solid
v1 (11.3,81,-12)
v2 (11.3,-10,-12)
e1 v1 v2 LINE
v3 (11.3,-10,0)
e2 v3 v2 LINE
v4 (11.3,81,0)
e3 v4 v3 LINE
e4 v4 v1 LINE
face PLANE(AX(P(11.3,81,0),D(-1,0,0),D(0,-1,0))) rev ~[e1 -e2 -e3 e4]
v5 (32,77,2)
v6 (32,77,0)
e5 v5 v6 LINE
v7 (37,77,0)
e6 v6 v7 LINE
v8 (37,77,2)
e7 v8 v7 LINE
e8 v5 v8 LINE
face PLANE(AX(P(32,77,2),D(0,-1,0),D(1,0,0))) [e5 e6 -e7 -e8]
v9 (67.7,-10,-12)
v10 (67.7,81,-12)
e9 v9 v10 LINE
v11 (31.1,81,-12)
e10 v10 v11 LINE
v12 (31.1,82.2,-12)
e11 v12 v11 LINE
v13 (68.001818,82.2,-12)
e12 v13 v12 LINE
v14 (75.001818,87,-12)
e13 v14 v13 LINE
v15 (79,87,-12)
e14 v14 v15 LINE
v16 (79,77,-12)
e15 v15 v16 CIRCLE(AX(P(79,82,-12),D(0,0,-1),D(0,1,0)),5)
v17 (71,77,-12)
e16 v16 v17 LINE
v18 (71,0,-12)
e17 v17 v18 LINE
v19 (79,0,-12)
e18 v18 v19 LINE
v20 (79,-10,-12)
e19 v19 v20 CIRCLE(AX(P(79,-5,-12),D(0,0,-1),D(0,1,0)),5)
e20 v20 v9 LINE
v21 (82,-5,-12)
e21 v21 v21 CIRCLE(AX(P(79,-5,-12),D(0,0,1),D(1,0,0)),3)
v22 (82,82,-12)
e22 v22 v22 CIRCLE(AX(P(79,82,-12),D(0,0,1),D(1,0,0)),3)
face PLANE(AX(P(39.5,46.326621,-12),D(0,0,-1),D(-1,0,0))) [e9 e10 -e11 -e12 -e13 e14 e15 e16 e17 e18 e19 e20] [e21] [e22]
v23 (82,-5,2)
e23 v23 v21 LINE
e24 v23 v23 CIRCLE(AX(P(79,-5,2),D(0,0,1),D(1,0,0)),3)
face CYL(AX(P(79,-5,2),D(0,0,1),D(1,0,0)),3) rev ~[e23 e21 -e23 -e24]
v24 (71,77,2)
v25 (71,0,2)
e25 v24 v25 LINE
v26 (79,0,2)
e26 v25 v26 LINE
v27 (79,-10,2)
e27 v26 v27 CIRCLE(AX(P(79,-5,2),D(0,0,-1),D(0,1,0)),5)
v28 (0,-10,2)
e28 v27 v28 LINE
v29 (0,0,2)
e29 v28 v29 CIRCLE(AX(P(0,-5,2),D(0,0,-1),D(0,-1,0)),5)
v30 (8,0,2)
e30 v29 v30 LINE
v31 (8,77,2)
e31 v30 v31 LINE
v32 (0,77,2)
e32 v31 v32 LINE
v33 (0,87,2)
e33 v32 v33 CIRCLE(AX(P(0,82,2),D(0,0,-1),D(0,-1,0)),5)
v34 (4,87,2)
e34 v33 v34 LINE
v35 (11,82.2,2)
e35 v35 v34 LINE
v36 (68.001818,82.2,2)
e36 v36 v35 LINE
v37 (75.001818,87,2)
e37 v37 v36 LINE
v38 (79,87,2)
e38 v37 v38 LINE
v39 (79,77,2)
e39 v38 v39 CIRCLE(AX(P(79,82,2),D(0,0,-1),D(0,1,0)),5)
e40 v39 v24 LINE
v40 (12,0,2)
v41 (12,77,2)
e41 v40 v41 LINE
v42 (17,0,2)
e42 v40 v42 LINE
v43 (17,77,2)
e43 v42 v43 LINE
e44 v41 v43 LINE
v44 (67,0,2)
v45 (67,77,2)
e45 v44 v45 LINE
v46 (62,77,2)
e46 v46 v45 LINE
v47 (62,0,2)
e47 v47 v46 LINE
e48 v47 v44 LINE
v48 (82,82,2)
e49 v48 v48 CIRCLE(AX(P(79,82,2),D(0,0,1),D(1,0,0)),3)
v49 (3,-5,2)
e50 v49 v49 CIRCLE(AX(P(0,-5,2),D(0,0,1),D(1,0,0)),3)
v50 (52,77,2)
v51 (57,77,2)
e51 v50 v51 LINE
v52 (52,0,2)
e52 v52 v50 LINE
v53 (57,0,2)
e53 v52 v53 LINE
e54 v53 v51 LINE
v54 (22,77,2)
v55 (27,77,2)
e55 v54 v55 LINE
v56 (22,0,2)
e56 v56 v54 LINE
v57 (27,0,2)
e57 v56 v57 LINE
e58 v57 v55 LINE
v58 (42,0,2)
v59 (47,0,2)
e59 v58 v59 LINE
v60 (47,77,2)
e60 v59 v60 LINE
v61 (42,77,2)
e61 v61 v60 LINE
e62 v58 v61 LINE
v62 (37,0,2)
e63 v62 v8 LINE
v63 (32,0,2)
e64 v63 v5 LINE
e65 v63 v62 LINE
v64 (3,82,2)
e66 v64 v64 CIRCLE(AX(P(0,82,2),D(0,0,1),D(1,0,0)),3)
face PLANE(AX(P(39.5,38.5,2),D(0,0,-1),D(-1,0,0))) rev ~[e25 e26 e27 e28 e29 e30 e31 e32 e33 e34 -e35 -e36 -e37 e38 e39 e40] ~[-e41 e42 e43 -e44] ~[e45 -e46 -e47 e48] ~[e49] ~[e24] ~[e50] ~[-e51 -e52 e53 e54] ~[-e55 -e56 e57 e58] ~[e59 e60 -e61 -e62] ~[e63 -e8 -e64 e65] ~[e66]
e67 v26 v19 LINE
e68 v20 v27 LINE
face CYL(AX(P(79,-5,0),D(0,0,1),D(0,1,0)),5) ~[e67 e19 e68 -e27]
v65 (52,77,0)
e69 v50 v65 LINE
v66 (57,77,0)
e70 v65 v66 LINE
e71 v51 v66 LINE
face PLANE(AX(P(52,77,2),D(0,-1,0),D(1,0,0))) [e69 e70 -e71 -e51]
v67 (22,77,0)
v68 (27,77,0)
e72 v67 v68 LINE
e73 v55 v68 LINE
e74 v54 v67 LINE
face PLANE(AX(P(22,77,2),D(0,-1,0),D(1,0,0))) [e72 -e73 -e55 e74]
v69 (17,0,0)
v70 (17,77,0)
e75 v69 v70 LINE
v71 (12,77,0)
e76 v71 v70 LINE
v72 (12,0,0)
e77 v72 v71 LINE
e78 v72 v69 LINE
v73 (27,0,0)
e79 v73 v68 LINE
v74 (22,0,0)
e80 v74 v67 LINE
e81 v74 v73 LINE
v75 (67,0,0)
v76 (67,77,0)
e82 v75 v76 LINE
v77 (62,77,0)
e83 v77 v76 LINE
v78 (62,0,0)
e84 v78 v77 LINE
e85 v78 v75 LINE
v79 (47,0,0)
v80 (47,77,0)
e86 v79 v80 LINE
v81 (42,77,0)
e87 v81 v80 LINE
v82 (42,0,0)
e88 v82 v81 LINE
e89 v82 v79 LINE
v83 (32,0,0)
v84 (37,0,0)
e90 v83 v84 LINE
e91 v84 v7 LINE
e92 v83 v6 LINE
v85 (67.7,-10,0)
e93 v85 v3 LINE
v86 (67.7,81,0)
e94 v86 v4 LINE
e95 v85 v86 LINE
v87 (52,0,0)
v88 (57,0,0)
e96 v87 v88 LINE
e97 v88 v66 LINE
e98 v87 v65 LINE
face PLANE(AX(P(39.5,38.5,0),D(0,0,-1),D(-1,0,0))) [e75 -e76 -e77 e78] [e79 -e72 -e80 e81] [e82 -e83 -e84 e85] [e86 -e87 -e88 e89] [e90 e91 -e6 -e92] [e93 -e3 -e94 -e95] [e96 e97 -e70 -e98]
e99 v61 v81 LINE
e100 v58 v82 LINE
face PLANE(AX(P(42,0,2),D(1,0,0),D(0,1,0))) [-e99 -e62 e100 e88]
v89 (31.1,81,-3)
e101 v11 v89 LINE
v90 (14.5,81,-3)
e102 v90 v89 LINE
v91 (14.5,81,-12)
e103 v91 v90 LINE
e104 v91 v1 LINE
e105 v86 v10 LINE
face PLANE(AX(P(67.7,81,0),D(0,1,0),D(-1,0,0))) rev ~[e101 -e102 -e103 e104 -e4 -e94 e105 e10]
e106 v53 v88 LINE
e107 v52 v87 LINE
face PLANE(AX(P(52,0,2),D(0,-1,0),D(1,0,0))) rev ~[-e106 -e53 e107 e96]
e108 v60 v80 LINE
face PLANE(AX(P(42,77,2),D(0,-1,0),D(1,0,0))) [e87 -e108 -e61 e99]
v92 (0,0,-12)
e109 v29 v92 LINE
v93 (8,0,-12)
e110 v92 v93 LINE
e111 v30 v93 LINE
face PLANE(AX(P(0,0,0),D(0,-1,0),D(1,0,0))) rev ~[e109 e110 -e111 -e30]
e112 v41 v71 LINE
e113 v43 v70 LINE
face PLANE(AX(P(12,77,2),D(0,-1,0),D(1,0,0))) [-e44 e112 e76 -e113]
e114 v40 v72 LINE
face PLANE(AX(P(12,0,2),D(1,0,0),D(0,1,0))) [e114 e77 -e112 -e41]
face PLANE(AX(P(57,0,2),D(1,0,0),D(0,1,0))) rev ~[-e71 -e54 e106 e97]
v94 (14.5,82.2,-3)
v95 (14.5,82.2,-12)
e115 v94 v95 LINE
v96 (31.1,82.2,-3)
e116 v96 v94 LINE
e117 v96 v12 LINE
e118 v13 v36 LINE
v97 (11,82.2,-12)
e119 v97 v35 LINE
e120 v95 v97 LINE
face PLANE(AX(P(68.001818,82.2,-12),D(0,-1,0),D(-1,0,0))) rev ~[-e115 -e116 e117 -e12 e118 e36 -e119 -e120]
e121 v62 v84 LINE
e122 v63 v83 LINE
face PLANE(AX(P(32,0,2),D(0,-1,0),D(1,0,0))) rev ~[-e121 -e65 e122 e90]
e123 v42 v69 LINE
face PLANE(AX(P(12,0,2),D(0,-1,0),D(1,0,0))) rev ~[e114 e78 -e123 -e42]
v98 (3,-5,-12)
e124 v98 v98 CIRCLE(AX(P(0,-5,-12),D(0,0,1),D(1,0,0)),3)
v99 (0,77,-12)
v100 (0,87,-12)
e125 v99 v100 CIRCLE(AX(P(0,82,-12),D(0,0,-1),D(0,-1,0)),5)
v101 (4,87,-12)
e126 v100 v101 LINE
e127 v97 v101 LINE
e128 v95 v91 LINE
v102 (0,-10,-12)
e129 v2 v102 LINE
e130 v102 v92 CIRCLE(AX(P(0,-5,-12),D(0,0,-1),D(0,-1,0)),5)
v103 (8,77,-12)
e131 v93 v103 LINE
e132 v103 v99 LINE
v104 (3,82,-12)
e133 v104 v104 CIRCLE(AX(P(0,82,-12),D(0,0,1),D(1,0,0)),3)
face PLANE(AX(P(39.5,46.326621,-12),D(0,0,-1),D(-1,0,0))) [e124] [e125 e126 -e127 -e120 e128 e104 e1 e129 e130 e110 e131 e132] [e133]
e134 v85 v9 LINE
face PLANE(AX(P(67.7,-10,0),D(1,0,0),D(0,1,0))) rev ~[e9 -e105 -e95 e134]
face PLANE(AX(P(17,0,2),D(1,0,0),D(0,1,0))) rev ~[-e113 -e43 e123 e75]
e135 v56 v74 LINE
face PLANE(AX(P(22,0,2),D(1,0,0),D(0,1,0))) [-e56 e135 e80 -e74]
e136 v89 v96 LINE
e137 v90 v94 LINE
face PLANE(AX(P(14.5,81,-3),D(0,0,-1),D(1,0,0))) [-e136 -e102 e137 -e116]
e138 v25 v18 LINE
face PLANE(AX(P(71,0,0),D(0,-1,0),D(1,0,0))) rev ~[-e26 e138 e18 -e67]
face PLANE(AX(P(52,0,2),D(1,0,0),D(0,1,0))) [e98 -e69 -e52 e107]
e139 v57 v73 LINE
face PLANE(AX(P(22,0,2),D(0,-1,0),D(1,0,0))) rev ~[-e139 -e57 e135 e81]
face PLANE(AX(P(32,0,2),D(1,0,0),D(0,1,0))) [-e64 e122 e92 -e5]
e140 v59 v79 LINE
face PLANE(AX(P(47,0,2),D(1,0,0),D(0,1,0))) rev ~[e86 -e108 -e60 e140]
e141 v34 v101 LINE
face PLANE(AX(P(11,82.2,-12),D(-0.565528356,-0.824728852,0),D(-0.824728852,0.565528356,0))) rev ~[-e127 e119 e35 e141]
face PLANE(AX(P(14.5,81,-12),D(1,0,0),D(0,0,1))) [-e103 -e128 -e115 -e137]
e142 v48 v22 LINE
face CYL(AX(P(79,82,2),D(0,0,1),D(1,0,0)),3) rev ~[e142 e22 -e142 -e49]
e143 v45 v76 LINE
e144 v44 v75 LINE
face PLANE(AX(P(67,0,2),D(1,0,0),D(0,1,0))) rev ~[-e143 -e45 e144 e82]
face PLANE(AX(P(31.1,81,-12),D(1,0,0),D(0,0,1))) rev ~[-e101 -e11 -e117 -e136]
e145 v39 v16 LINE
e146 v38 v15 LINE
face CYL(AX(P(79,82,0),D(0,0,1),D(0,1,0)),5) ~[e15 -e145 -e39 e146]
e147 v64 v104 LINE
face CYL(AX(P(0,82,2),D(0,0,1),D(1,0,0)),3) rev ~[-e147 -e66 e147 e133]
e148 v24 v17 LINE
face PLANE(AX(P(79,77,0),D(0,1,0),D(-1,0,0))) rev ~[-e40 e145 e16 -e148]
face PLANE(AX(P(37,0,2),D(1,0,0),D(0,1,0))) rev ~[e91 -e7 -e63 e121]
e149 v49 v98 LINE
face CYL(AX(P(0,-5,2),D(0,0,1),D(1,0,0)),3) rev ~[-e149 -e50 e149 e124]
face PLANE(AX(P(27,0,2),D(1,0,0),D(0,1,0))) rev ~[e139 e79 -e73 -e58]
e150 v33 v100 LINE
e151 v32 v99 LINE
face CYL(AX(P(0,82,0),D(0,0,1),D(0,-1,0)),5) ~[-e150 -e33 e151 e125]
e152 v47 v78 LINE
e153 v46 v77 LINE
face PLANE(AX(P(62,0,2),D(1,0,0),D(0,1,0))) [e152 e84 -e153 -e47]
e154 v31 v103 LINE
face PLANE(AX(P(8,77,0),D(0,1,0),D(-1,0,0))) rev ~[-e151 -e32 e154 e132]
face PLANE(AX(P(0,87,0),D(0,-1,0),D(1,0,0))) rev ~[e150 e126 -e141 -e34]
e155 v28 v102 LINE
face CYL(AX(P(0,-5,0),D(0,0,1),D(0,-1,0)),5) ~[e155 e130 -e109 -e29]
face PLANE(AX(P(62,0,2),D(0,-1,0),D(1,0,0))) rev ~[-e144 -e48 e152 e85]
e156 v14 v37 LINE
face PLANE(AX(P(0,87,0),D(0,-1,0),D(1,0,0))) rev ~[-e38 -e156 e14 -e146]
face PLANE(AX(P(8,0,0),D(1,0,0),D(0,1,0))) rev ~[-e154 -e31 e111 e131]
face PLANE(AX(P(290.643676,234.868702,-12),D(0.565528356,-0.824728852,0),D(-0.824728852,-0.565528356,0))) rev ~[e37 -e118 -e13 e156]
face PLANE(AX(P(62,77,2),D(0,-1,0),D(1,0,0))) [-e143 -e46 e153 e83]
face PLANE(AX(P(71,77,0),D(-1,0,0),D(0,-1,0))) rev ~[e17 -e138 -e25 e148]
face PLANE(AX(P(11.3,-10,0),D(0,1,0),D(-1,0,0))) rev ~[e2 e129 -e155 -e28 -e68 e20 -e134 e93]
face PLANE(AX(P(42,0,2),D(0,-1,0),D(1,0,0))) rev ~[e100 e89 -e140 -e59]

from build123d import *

# Parameters (mm, degrees)
EXTRUDE_1_DEPTH          = 2
EXTRUDE_2_DEPTH          = 12
SKETCH_5_R               = 3
CUT_EXTRUDE_1_DEPTH      = 15
SKETCH_8_W               = 16.6
SKETCH_8_H               = 9
CUT_EXTRUDE_3_DEPTH      = 7
CUT_EXTRUDE_5_DEPTH      = 1
CUT_EXTRUDE_5_DEPTH_BACK = 15
SKETCH_11_W              = 5
SKETCH_11_H              = 77
CUT_EXTRUDE_6_DEPTH      = 2


with BuildPart() as part:
    # 草图1 → 凸台-拉伸1 (new body)
    with BuildSketch(Plane.XY):
        with BuildLine():
            Line((0, 0), (8, 0))
            Line((8, 0), (8, 77))
            Line((8, 77), (0, 77))
            ThreePointArc((0, 77), (-5, 82), (0, 87))
            Line((0, 87), (79, 87))
            ThreePointArc((79, 87), (84, 82), (79, 77))
            Line((79, 77), (71, 77))
            Line((71, 77), (71, 0))
            Line((71, 0), (79, 0))
            ThreePointArc((79, 0), (84, -5), (79, -10))
            Line((79, -10), (71, -10))
            Line((71, -10), (8, -10))
            Line((8, -10), (0, -10))
            ThreePointArc((0, -10), (-5, -5), (0, 0))
        make_face()
    extrude(amount=EXTRUDE_1_DEPTH)

    # 草图4 → 凸台-拉伸2 (add)
    with BuildSketch(Plane(origin=(0, 0, 0), x_dir=(-1, 0, 0), z_dir=(0, 0, -1))):
        with BuildLine():
            Line((-11.3, 81), (-11.3, -10))
            Line((-11.3, -10), (0, -10))
            ThreePointArc((0, -10), (5, -5), (0, 0))
            Line((0, 0), (-8, 0))
            Line((-8, 0), (-8, 77))
            Line((-8, 77), (0, 77))
            ThreePointArc((0, 77), (5, 82), (0, 87))
            Line((0, 87), (-79, 87))
            ThreePointArc((-79, 87), (-84, 82), (-79, 77))
            Line((-79, 77), (-71, 77))
            Line((-71, 77), (-71, 0))
            Line((-71, 0), (-79, 0))
            ThreePointArc((-79, 0), (-84, -5), (-79, -10))
            Line((-79, -10), (-67.7, -10))
            Line((-67.7, -10), (-67.7, 81))
            Line((-67.7, 81), (-11.3, 81))
        make_face()
    extrude(amount=EXTRUDE_2_DEPTH)

    # 草图5 → 切除-拉伸1 (cut, through all)
    with BuildSketch(Plane.XY.offset(2)):
        with Locations((79, 82)):
            Circle(SKETCH_5_R)
        with Locations((0, 82)):
            Circle(SKETCH_5_R)
        with Locations((79, -5)):
            Circle(SKETCH_5_R)
        with Locations((0, -5)):
            Circle(SKETCH_5_R)
    extrude(amount=-CUT_EXTRUDE_1_DEPTH, mode=Mode.SUBTRACT)

    # 草图8 → 切除-拉伸3 (cut, through all)
    with BuildSketch(Plane.XZ.offset(-81)):
        with Locations((22.8, -7.5)):
            Rectangle(SKETCH_8_W, SKETCH_8_H)
    extrude(amount=-CUT_EXTRUDE_3_DEPTH, mode=Mode.SUBTRACT)

    # 草图10 → 切除-拉伸5 (cut, two sides)
    with BuildSketch(Plane(origin=(0, 0, -12), x_dir=(-1, 0, 0), z_dir=(0, 0, -1))) as cut_extrude_5_sk:
        Polygon((-290.643675891, 234.868702326), (-75.001818332, 87), (-68.001818332, 82.2), (-11, 82.2), (-4, 87), (211.641857559, 234.868702326), (211.641857559, 757.808713643), (-290.643675891, 757.808713643), align=None)
    extrude(amount=CUT_EXTRUDE_5_DEPTH, mode=Mode.SUBTRACT)
    extrude(cut_extrude_5_sk.sketch, amount=-CUT_EXTRUDE_5_DEPTH_BACK, mode=Mode.SUBTRACT)

    # 草图11 → 切除-拉伸6 (cut)
    with BuildSketch(Plane.XY.offset(2)):
        with Locations((14.5, 38.5)):
            Rectangle(SKETCH_11_W, SKETCH_11_H)
        with Locations((24.5, 38.5)):
            Rectangle(SKETCH_11_W, SKETCH_11_H)
        with Locations((34.5, 38.5)):
            Rectangle(SKETCH_11_W, SKETCH_11_H)
        with Locations((44.5, 38.5)):
            Rectangle(SKETCH_11_W, SKETCH_11_H)
        with Locations((54.5, 38.5)):
            Rectangle(SKETCH_11_W, SKETCH_11_H)
        with Locations((64.5, 38.5)):
            Rectangle(SKETCH_11_W, SKETCH_11_H)
    extrude(amount=-CUT_EXTRUDE_6_DEPTH, mode=Mode.SUBTRACT)


solid = part.part
